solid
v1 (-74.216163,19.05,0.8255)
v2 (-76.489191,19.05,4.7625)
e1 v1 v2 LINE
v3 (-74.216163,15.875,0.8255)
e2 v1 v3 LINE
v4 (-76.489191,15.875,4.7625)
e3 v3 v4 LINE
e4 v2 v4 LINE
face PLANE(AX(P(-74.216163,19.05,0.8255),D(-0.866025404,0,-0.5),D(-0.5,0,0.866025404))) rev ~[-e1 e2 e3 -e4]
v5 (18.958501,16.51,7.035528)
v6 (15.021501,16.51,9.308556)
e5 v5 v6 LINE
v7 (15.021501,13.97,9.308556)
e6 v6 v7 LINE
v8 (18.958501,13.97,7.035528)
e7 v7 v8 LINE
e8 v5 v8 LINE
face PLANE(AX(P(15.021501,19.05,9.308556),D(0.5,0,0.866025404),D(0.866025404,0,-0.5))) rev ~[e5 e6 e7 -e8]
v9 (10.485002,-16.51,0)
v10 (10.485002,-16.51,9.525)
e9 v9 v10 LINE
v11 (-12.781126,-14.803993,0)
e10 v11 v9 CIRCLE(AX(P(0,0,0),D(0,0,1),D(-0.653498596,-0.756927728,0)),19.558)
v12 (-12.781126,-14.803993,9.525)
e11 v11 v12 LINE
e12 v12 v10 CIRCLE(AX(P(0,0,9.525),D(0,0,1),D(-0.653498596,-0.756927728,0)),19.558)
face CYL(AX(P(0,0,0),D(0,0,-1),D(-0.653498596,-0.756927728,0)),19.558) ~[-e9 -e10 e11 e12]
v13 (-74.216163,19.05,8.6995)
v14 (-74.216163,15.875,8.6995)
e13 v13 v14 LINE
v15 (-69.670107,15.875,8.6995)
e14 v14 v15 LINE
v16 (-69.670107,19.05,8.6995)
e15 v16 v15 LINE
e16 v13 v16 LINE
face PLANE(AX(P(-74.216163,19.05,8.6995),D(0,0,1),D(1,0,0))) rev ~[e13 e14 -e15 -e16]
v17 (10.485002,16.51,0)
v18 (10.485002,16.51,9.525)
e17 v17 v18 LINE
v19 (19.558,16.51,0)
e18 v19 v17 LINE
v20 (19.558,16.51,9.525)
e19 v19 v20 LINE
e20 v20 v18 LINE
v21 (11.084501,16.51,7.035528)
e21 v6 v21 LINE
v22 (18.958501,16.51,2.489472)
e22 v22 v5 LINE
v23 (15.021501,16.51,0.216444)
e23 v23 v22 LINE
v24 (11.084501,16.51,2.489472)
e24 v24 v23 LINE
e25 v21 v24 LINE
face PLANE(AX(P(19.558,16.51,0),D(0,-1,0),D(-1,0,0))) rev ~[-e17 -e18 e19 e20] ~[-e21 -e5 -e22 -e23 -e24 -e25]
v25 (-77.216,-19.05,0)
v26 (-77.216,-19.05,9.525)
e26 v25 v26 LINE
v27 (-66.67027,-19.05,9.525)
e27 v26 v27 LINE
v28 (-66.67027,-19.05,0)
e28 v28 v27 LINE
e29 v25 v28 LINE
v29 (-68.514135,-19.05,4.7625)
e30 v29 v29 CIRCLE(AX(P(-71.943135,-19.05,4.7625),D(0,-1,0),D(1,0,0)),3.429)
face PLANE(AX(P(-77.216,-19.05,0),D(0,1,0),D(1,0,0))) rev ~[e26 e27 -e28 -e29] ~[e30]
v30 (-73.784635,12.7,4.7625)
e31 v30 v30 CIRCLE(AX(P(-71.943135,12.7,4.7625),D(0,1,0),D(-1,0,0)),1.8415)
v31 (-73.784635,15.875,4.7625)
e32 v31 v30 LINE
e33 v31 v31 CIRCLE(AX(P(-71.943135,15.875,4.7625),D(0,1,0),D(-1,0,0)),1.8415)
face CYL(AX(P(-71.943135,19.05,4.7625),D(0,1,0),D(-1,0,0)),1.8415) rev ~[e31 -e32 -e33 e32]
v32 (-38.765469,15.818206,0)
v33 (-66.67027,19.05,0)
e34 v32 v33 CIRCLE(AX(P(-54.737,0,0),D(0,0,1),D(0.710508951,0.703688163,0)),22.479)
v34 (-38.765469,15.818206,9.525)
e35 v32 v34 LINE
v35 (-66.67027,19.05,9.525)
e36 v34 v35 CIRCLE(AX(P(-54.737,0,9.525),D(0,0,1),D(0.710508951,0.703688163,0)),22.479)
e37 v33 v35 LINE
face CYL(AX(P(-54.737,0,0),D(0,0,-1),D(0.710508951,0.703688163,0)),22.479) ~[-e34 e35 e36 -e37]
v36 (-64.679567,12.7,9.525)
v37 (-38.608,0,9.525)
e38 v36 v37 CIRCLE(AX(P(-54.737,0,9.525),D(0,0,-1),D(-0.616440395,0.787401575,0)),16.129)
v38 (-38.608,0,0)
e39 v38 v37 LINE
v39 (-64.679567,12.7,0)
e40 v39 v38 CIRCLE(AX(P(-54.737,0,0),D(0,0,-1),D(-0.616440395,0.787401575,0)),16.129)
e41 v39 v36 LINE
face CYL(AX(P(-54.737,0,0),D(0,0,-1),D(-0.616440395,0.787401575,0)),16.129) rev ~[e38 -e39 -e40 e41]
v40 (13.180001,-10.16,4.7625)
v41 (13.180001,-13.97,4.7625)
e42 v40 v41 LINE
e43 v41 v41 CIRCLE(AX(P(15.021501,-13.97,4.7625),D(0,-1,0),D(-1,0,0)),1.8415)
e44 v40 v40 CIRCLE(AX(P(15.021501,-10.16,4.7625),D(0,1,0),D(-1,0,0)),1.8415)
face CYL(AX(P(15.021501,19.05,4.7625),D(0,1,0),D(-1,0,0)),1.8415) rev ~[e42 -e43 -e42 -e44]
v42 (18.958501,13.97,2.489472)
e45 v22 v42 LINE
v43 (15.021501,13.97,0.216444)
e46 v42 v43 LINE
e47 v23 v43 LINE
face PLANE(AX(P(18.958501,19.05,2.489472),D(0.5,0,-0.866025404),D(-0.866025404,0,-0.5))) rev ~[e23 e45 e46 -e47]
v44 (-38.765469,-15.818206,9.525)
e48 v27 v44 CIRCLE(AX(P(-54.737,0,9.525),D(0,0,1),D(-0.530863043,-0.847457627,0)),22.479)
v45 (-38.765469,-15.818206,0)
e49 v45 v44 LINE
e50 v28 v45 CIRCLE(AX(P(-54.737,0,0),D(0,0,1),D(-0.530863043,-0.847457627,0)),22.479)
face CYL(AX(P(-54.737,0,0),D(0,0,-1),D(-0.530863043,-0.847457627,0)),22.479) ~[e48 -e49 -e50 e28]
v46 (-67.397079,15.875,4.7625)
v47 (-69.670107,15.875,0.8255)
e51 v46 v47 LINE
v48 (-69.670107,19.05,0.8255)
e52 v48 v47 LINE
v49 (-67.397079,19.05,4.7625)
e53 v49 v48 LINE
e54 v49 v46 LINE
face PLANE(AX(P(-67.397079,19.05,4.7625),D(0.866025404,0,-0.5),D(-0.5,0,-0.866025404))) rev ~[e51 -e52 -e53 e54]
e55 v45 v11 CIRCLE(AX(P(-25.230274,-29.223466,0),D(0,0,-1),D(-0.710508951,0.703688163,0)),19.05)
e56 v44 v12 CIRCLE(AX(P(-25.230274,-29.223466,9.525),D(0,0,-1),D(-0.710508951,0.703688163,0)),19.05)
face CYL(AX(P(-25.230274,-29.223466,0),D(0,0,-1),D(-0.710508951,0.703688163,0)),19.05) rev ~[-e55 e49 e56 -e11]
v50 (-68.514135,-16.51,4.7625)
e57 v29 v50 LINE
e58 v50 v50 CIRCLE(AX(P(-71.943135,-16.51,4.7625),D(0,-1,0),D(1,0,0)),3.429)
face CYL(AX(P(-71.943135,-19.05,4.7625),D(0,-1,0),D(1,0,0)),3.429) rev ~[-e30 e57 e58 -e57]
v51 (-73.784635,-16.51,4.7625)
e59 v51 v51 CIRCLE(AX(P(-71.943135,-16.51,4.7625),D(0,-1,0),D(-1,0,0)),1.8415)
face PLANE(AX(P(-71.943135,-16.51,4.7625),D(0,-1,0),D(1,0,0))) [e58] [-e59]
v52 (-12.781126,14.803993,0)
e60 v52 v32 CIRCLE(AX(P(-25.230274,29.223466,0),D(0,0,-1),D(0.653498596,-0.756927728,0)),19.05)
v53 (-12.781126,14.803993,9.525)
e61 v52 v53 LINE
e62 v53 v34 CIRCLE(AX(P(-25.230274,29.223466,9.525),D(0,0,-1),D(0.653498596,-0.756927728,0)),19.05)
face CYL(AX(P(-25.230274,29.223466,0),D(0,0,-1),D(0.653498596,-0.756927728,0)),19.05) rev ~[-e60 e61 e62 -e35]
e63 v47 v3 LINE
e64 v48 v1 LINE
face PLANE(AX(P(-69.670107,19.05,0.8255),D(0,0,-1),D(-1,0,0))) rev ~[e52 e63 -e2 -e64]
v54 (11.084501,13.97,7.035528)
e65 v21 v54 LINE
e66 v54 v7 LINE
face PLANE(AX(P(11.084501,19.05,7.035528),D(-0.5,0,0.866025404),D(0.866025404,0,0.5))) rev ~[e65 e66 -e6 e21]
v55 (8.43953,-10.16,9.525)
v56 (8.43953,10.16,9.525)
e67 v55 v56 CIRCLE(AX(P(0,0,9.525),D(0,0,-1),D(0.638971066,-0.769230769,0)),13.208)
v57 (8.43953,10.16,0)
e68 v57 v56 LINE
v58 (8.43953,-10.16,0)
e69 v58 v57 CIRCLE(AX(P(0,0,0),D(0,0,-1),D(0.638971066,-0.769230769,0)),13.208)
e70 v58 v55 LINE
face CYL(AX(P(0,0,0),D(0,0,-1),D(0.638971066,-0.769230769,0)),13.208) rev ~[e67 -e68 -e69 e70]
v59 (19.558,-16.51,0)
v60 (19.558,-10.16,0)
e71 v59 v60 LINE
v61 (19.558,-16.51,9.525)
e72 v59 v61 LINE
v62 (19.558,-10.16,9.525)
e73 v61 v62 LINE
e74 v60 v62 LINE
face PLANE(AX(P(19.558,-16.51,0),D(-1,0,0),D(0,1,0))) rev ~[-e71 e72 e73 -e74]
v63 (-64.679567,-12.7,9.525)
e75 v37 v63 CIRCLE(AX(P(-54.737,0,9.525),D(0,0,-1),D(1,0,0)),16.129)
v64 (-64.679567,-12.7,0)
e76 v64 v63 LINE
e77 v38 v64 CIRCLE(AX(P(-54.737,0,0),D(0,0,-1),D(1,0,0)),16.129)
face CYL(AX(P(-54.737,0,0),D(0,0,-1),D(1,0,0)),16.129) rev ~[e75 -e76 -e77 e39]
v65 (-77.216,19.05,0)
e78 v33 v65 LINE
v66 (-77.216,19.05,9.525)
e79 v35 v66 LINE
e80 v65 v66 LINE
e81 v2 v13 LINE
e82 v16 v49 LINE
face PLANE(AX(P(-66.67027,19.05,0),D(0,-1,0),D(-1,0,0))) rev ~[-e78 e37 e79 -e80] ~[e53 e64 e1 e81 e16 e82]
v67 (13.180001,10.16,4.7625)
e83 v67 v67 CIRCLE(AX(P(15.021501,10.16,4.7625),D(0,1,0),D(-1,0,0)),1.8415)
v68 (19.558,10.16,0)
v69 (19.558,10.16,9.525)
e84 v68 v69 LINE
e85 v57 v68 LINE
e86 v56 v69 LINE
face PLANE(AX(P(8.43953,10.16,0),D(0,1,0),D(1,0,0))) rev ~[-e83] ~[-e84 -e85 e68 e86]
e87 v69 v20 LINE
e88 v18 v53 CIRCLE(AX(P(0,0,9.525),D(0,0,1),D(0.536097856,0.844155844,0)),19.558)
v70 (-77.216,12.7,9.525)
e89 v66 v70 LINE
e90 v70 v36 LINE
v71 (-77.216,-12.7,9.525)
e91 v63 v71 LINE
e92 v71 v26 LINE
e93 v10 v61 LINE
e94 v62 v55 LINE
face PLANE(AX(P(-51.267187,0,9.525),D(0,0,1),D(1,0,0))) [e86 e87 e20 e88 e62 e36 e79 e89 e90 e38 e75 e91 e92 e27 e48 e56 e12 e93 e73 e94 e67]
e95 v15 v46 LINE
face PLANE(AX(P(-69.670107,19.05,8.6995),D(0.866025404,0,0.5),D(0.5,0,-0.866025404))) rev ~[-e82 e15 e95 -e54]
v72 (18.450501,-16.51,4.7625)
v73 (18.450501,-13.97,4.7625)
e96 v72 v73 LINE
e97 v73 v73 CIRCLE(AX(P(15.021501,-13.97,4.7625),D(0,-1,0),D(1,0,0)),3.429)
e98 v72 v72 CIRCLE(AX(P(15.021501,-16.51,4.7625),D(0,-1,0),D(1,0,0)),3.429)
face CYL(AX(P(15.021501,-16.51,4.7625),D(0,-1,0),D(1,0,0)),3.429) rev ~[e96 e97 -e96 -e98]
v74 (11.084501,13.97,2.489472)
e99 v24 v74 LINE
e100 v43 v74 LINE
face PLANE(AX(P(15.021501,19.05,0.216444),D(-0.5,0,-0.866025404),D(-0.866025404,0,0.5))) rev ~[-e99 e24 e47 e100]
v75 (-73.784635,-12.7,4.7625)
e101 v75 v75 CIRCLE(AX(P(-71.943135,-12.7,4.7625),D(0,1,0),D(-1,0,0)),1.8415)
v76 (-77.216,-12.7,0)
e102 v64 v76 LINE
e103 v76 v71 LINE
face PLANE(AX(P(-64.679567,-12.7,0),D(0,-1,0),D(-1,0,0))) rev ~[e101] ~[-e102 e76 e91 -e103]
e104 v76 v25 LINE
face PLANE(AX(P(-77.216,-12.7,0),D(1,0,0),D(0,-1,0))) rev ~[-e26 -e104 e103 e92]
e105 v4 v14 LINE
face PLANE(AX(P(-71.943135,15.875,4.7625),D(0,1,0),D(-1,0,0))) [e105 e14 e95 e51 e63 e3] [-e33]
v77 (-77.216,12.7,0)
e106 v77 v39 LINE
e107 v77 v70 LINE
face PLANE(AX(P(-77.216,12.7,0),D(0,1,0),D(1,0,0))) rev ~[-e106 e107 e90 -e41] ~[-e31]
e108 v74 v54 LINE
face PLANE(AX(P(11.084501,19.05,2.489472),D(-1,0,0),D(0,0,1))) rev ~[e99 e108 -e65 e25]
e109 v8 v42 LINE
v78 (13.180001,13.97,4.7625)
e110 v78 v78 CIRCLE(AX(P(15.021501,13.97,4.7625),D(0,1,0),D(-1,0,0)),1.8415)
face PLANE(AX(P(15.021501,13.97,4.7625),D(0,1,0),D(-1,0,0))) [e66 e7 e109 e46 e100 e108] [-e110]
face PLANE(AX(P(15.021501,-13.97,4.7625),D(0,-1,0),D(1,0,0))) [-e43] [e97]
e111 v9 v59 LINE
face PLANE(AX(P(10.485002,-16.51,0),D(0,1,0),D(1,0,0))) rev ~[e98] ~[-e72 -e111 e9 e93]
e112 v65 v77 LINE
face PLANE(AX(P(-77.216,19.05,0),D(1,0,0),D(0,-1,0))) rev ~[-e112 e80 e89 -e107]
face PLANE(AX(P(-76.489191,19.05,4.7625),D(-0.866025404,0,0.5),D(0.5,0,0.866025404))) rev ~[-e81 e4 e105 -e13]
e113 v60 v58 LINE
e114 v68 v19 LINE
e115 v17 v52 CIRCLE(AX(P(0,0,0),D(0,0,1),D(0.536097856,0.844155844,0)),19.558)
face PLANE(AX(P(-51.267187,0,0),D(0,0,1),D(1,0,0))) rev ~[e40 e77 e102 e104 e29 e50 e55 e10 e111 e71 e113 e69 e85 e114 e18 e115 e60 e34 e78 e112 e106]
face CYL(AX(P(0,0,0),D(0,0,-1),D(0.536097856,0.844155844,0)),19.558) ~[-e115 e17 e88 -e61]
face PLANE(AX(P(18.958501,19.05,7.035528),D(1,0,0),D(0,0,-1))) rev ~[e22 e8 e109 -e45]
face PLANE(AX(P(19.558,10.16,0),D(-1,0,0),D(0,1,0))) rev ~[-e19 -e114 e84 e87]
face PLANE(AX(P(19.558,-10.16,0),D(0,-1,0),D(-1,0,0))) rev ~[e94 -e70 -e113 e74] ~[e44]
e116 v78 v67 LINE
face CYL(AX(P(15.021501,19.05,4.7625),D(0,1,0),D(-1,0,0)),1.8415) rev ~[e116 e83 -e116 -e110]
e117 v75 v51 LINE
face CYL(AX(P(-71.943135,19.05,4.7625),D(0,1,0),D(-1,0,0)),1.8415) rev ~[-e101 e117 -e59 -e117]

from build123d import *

# Parameters (mm, degrees)
F1_DEPTH = 9.525
F2_R     = 1.8415
F3_DEPTH = 41.53
F4_DEPTH = 3.175
F5_DEPTH = 5.08
F6_R     = 3.429
F6_R_2   = 1.8415
F7_DEPTH = 2.54
F8_R     = 3.429
F8_R_2   = 1.8415
F9_DEPTH = 2.54


with BuildPart() as f1:
    # F0 (on Top) → F1 (new body)
    with BuildSketch(Plane.XY):
        with BuildLine():
            ThreePointArc((-32.258, 0), (-33.9484276618, 8.5522336929), (-38.7654692948, 15.8182062173))
            ThreePointArc((-38.7654692948, 15.8182062173), (-52.1508813913, 22.3297432037), (-66.6702703397, 19.05))
            ThreePointArc((-66.6702703397, 19.05), (-70.3046684409, 16.2158299298), (-73.2846532478, 12.7))
            Line((-73.2846532478, 12.7), (-64.6795671232, 12.7))
            ThreePointArc((-64.6795671232, 12.7), (-47.6736801053, 14.5001432084), (-38.608, 0))
            ThreePointArc((-38.608, 0), (-47.6736801053, -14.5001432084), (-64.6795671232, -12.7))
            Line((-64.6795671232, -12.7), (-73.2846532478, -12.7))
            ThreePointArc((-73.2846532478, -12.7), (-70.3046684409, -16.2158299298), (-66.6702703397, -19.05))
            ThreePointArc((-66.6702703397, -19.05), (-52.1508813913, -22.3297432037), (-38.7654692948, -15.8182062173))
            ThreePointArc((-38.7654692948, -15.8182062173), (-33.9484276618, -8.5522336929), (-32.258, 0))
        make_face()
        with BuildLine():
            ThreePointArc((-73.2846532478, 12.7), (-70.3046684409, 16.2158299298), (-66.6702703397, 19.05))
            Line((-66.6702703397, 19.05), (-77.216, 19.05))
            Line((-77.216, 19.05), (-77.216, 12.7))
            Line((-77.216, 12.7), (-73.2846532478, 12.7))
        make_face()
        with BuildLine():
            Line((-77.216, -19.05), (-66.6702703397, -19.05))
            ThreePointArc((-66.6702703397, -19.05), (-70.3046684409, -16.2158299298), (-73.2846532478, -12.7))
            Line((-73.2846532478, -12.7), (-77.216, -12.7))
            Line((-77.216, -12.7), (-77.216, -19.05))
        make_face()
        with BuildLine():
            ThreePointArc((-12.7811255343, -14.8039925046), (-19.558, 0), (-12.7811255343, 14.8039925046))
            ThreePointArc((-12.7811255343, 14.8039925046), (-25.9732623614, 10.1879602673), (-38.7654692948, 15.8182062173))
            ThreePointArc((-38.7654692948, 15.8182062173), (-33.9484276618, 8.5522336929), (-32.258, 0))
            ThreePointArc((-32.258, 0), (-33.9484276618, -8.5522336929), (-38.7654692948, -15.8182062173))
            ThreePointArc((-38.7654692948, -15.8182062173), (-25.9732623614, -10.1879602673), (-12.7811255343, -14.8039925046))
        make_face()
        with BuildLine():
            ThreePointArc((8.4395298447, -10.16), (-13.208, 0), (8.4395298447, 10.16))
            Line((8.4395298447, 10.16), (16.711964696, 10.16))
            ThreePointArc((16.711964696, 10.16), (13.9642175742, 13.6936478537), (10.4850018598, 16.51))
            ThreePointArc((10.4850018598, 16.51), (-1.4302661905, 19.5056325871), (-12.7811255343, 14.8039925046))
            ThreePointArc((-12.7811255343, 14.8039925046), (-19.558, 0), (-12.7811255343, -14.8039925046))
            ThreePointArc((-12.7811255343, -14.8039925046), (-1.4302661905, -19.5056325871), (10.4850018598, -16.51))
            ThreePointArc((10.4850018598, -16.51), (13.9642175742, -13.6936478537), (16.711964696, -10.16))
            Line((16.711964696, -10.16), (8.4395298447, -10.16))
        make_face()
        with BuildLine():
            Line((19.558, -10.16), (16.711964696, -10.16))
            ThreePointArc((16.711964696, -10.16), (13.9642175742, -13.6936478537), (10.4850018598, -16.51))
            Line((10.4850018598, -16.51), (19.558, -16.51))
            Line((19.558, -16.51), (19.558, -10.16))
        make_face()
        with BuildLine():
            ThreePointArc((10.4850018598, 16.51), (13.9642175742, 13.6936478537), (16.711964696, 10.16))
            Line((16.711964696, 10.16), (19.558, 10.16))
            Line((19.558, 10.16), (19.558, 16.51))
            Line((19.558, 16.51), (10.4850018598, 16.51))
        make_face()
    extrude(amount=F1_DEPTH)

    # F2 (on face) → F3 (cut, through all)
    with BuildSketch(Plane(origin=(0, 19.05, 0), x_dir=(-1, 0, 0), z_dir=(0, 1, 0))):
        with Locations((71.9431351698, 4.7625)):
            Circle(F2_R)
        with Locations((-15.0215009299, 4.7625)):
            Circle(F2_R)
    extrude(amount=-F3_DEPTH, mode=Mode.SUBTRACT)

    # F2 (on face) → F4 (cut)
    with BuildSketch(Plane(origin=(0, 19.05, 0), x_dir=(-1, 0, 0), z_dir=(0, 1, 0))):
        Polygon((69.67010716, 8.6995), (67.3970791502, 4.7625), (69.67010716, 0.8255), (74.2161631796, 0.8255), (76.4891911894, 4.7625), (74.2161631796, 8.6995), align=None)
        with Locations((71.9431351698, 4.7625)):
            Circle(F2_R, mode=Mode.SUBTRACT)
    extrude(amount=-F4_DEPTH, mode=Mode.SUBTRACT)

    # F2 (on face) → F5 (cut)
    with BuildSketch(Plane(origin=(0, 19.05, 0), x_dir=(-1, 0, 0), z_dir=(0, 1, 0))):
        Polygon((-18.9585009299, 7.0355280098), (-18.9585009299, 2.4894719902), (-15.0215009299, 0.2164439804), (-11.0845009299, 2.4894719902), (-11.0845009299, 7.0355280098), (-15.0215009299, 9.3085560196), align=None)
        with Locations((-15.0215009299, 4.7625)):
            Circle(F2_R, mode=Mode.SUBTRACT)
    extrude(amount=-F5_DEPTH, mode=Mode.SUBTRACT)

    # F6 (on face) → F7 (cut)
    with BuildSketch(Plane.XZ.offset(16.51)):
        with Locations((15.0215009299, 4.7625)):
            Circle(F6_R)
        with Locations((15.0215009299, 4.7625)):
            Circle(F6_R_2, mode=Mode.SUBTRACT)
    extrude(amount=-F7_DEPTH, mode=Mode.SUBTRACT)

    # F8 (on face) → F9 (cut)
    with BuildSketch(Plane.XZ.offset(19.05)):
        with Locations((-71.9431351698, 4.7625)):
            Circle(F8_R)
        with Locations((-71.9431351698, 4.7625)):
            Circle(F8_R_2, mode=Mode.SUBTRACT)
    extrude(amount=-F9_DEPTH, mode=Mode.SUBTRACT)


solid = f1.part
